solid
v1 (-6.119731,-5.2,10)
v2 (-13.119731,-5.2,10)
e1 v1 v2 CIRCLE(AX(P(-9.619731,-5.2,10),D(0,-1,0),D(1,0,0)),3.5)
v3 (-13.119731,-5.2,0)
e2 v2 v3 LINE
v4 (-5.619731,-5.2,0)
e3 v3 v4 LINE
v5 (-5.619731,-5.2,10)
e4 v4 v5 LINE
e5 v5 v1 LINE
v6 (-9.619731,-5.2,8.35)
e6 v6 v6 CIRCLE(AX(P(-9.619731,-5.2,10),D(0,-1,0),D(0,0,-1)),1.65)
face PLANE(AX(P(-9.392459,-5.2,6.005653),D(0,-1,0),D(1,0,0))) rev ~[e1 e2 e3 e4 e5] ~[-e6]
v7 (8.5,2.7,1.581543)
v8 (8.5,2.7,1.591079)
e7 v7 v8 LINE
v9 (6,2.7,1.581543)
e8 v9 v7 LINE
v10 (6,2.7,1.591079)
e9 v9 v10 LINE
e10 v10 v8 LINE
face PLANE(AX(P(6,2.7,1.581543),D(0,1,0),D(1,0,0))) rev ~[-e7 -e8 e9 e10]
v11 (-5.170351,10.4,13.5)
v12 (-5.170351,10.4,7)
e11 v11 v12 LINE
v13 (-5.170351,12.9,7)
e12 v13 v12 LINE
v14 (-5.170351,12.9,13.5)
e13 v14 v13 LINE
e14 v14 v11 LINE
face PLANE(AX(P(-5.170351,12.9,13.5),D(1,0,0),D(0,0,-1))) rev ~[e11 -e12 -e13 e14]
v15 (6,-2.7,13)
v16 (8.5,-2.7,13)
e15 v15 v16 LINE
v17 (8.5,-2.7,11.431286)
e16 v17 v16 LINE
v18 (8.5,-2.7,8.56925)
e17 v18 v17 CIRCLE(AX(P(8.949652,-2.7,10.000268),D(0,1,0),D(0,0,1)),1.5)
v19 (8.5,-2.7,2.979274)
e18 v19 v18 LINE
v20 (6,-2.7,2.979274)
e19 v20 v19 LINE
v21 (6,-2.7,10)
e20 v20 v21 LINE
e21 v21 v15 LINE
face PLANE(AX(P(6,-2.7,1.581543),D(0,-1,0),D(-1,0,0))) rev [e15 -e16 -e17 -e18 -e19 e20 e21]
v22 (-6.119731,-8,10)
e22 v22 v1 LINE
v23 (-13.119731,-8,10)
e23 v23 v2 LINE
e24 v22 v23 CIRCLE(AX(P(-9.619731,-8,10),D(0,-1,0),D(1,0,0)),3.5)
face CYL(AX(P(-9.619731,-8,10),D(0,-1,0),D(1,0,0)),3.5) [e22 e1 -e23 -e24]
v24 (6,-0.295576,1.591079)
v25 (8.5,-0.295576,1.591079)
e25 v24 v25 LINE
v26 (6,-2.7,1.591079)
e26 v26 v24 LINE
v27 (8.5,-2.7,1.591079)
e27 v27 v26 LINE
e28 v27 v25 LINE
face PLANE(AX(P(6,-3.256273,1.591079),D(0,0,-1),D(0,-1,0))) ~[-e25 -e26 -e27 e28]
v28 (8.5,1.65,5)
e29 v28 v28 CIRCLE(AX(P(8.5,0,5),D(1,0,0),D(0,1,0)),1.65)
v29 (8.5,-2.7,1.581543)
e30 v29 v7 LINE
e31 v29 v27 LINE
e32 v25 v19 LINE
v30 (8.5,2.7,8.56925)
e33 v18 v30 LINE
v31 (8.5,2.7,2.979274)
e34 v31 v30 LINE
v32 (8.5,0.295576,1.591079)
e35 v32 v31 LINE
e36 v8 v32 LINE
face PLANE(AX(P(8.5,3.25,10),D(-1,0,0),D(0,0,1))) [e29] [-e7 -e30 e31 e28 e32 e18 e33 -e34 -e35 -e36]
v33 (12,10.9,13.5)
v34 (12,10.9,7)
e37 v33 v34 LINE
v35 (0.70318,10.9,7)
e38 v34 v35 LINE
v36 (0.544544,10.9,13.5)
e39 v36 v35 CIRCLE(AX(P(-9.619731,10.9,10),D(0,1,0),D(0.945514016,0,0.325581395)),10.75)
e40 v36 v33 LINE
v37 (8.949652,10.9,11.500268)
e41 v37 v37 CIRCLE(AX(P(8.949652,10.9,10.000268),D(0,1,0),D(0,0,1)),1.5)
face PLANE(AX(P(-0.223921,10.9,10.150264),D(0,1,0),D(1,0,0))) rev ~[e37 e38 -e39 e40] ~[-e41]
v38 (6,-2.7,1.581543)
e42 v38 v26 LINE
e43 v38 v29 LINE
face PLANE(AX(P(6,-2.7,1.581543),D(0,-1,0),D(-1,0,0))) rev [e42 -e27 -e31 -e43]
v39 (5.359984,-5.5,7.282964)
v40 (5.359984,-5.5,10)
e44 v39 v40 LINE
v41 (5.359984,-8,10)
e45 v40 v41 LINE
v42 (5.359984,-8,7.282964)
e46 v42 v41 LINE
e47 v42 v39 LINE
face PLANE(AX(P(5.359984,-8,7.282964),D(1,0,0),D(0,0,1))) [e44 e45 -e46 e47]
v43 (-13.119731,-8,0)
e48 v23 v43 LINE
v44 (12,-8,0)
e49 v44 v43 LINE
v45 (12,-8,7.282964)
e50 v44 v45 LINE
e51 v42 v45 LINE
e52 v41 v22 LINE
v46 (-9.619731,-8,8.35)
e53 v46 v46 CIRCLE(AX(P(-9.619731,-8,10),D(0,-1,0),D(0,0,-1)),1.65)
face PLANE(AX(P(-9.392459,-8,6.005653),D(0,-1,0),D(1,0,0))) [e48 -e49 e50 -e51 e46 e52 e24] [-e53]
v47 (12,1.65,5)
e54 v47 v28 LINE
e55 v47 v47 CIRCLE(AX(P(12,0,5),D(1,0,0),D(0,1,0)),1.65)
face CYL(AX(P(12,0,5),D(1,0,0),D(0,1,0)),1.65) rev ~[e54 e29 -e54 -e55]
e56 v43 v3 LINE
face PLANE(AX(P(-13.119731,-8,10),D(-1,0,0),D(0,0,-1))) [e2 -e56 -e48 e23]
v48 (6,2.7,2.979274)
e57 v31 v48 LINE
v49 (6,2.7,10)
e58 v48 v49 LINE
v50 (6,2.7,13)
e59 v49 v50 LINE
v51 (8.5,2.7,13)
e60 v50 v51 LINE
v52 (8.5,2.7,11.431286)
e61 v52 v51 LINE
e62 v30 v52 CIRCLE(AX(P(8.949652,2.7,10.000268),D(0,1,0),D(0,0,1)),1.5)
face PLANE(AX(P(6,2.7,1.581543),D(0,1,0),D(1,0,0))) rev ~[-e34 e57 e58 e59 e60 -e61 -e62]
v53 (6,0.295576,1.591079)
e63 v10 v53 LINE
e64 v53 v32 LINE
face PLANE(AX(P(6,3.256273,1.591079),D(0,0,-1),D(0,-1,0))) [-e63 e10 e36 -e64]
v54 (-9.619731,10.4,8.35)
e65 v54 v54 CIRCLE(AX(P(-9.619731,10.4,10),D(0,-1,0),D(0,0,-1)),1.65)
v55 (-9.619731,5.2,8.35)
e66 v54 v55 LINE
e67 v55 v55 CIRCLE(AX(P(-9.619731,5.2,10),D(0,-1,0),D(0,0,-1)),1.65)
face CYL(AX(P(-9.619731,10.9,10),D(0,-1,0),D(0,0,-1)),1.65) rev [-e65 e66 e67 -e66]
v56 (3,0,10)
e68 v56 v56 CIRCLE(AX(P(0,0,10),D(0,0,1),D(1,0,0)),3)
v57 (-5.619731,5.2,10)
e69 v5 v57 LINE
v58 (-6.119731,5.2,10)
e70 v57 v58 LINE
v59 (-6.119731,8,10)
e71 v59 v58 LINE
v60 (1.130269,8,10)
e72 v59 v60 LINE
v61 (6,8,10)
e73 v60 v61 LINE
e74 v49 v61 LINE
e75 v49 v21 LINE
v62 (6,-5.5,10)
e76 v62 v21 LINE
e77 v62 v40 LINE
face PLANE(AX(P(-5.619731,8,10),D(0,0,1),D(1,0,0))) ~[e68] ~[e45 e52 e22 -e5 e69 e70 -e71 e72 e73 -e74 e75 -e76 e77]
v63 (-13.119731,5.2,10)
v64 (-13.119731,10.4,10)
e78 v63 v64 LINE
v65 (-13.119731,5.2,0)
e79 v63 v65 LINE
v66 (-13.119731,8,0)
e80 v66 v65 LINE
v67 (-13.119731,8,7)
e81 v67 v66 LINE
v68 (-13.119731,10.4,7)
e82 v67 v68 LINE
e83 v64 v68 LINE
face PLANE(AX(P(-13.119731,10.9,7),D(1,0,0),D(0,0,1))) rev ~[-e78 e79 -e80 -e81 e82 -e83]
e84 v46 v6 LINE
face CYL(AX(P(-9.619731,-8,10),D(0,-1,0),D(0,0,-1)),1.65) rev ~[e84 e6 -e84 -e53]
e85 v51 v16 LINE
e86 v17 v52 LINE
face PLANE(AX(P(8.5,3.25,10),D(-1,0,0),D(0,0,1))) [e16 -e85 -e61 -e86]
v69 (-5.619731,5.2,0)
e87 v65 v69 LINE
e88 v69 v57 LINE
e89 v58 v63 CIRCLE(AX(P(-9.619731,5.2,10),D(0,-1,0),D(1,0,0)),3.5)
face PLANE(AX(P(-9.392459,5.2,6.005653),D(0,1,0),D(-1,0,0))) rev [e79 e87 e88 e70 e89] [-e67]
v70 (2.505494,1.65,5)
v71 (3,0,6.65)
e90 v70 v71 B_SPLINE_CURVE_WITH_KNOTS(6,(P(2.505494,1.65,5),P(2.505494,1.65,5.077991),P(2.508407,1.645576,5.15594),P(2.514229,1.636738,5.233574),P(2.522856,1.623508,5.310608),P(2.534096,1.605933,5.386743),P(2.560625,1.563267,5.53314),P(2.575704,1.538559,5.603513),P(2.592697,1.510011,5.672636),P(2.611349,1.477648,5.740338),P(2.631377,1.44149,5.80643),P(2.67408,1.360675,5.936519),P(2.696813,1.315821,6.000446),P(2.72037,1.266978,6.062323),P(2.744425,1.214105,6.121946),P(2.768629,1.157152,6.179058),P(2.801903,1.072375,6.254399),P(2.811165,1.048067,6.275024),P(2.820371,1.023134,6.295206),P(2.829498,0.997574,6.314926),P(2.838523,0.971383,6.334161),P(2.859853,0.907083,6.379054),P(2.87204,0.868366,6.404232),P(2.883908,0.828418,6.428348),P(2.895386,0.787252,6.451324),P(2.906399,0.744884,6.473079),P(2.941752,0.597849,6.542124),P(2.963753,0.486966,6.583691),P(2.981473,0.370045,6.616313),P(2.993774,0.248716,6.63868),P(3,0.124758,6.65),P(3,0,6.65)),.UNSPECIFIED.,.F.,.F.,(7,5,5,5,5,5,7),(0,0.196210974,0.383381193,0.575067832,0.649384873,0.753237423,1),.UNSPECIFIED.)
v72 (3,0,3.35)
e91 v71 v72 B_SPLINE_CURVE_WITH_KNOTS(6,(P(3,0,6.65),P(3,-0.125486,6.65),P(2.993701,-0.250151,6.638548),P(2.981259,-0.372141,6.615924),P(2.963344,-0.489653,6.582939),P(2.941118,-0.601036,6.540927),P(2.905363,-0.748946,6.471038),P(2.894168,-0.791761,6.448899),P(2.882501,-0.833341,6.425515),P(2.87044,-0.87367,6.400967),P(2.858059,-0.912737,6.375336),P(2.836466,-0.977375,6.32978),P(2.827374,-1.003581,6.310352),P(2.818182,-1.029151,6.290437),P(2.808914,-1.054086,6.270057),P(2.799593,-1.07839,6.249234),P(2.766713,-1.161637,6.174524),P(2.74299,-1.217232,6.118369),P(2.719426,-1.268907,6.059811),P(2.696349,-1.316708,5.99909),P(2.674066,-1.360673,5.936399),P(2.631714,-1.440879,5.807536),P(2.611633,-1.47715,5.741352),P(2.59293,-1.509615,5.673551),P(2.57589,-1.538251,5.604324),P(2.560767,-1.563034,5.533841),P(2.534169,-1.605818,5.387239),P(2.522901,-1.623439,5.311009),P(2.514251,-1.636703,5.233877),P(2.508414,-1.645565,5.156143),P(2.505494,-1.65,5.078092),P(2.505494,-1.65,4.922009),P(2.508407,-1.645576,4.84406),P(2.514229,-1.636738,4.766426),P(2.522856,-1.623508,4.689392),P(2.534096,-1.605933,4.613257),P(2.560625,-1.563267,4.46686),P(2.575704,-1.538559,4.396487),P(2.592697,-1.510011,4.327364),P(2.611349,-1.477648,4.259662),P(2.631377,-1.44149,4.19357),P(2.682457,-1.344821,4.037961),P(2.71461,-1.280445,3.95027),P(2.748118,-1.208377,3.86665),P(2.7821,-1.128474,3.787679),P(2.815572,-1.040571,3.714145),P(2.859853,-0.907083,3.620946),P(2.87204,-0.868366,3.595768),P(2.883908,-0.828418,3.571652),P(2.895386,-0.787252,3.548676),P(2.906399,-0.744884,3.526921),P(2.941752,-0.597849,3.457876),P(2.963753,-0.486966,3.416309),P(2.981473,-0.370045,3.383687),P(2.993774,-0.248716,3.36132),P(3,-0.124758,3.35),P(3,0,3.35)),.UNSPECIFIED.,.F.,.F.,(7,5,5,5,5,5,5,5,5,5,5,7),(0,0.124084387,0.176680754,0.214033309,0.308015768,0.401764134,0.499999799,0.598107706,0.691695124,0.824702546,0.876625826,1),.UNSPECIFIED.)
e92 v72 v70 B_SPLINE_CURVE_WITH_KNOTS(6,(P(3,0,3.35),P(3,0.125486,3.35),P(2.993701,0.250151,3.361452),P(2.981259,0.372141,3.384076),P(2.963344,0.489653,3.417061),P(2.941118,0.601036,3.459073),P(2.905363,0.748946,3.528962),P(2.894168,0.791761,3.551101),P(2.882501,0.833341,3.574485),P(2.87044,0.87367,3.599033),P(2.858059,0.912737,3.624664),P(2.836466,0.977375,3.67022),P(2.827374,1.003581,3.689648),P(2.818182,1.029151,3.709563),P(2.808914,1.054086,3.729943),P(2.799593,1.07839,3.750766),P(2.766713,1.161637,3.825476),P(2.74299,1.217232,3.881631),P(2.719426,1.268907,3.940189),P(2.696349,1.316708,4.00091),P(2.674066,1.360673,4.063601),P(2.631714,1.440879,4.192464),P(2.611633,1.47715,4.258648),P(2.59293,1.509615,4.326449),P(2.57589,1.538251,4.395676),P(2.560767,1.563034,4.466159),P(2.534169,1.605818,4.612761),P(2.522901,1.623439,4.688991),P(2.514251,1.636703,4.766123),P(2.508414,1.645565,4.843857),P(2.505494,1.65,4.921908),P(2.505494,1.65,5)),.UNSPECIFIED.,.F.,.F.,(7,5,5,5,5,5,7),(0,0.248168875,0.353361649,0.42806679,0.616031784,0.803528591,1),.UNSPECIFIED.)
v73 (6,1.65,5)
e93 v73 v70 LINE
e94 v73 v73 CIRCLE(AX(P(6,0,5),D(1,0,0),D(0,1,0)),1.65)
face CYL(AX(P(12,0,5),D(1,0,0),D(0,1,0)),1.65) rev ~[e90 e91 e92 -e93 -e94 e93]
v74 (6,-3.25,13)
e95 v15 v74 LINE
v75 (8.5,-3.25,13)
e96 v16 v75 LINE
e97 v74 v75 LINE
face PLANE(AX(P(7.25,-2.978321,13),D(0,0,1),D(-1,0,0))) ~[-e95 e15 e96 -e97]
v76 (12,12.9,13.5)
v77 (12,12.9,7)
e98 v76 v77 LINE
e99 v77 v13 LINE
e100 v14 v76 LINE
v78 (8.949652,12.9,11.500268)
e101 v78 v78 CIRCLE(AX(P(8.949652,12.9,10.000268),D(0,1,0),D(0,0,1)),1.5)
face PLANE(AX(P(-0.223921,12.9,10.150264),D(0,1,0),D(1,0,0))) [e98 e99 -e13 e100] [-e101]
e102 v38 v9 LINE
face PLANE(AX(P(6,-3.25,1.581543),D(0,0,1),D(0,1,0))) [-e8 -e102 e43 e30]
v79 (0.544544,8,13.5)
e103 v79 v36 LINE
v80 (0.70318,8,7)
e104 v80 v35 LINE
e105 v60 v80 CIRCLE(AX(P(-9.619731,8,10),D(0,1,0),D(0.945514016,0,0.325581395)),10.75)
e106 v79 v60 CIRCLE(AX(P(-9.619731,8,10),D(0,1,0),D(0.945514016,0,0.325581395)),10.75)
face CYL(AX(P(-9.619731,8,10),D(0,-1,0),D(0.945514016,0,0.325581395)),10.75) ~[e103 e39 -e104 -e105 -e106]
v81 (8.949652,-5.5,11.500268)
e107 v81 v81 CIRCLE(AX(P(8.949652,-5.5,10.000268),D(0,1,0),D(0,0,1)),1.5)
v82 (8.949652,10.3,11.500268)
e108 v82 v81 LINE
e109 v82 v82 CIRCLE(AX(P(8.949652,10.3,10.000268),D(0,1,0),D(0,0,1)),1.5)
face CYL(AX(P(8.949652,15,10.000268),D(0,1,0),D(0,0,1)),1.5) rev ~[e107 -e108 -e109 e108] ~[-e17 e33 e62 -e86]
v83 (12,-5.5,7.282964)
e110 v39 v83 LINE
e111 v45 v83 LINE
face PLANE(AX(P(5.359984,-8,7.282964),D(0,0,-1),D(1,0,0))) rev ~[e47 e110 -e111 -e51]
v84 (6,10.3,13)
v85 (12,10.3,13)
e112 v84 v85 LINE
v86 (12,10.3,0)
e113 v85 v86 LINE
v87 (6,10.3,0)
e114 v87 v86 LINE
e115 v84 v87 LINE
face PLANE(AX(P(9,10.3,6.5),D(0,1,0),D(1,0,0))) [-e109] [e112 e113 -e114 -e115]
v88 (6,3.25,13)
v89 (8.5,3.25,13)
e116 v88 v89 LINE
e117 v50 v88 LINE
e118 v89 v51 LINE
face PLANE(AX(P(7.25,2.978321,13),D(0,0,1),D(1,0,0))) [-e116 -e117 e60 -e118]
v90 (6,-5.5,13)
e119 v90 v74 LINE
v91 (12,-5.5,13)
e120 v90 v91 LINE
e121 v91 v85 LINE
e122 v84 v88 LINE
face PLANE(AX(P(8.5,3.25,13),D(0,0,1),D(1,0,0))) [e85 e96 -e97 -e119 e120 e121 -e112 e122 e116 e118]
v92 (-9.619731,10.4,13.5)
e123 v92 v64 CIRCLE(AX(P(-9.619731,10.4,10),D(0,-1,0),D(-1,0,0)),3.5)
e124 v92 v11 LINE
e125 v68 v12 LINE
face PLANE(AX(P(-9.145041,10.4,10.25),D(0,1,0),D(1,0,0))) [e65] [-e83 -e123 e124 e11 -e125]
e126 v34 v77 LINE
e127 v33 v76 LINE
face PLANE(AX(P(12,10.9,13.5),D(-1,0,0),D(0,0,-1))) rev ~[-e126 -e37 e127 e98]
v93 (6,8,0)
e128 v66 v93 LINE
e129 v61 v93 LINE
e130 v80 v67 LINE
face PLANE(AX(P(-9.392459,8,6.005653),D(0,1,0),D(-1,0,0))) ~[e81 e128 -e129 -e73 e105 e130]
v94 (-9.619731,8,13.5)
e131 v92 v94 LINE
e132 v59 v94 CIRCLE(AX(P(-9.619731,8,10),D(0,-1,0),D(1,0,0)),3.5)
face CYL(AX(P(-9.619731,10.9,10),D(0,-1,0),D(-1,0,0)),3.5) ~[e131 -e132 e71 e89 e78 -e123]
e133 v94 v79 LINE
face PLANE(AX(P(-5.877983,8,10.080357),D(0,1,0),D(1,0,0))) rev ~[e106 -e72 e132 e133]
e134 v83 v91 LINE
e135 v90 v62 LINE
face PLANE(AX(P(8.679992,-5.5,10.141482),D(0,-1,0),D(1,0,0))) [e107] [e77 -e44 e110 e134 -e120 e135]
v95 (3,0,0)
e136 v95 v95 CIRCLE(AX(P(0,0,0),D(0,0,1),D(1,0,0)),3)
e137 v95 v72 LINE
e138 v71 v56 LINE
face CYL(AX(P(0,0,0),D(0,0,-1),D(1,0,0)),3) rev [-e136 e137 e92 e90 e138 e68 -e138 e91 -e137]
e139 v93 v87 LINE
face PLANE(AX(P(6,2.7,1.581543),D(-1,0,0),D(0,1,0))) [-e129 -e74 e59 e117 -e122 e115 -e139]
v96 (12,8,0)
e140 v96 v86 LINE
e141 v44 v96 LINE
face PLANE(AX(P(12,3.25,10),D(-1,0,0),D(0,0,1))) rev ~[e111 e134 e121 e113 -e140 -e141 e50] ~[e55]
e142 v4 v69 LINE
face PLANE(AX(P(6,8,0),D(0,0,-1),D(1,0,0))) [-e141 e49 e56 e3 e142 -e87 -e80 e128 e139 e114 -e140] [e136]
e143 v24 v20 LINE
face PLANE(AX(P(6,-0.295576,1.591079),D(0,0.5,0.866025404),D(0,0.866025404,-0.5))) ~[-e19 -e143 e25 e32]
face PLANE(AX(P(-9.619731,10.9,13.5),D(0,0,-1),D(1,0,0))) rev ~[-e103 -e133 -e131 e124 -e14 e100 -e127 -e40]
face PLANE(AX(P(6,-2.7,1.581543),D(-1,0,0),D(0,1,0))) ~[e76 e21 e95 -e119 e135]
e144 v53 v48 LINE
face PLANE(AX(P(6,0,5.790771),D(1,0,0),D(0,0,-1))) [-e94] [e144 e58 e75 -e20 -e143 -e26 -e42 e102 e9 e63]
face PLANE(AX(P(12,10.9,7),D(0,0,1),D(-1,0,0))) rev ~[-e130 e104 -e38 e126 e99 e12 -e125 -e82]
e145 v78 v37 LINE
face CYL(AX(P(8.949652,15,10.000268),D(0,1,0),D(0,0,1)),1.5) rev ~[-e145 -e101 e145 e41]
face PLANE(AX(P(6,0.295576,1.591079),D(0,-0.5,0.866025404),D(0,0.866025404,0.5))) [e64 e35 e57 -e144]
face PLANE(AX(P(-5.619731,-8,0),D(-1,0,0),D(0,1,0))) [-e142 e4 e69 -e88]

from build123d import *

# Parameters (mm, degrees)
SZKIC2_W                     = 17.619731325
SZKIC2_H                     = 16
SZKIC2_R                     = 3
DODANIE_WYCI_GNI_CIE1_DEPTH  = 10
SZKIC3_R                     = 1.65
WYTNIJ_WYCI_GNI_CIE1_DEPTH   = 10
WYTNIJ_WYCI_GNI_CIE2_DEPTH   = 2.5
DODANIE_WYCI_GNI_CIE2_DEPTH  = 2.5
SZKIC7_R                     = 1.65
DODANIE_WYCI_GNI_CIE4_DEPTH  = 2.8
SZKIC10_R                    = 1.65
DODANIE_WYCI_GNI_CIE5_DEPTH  = 2.9
SZKIC11_R                    = 1.65
DODANIE_WYCI_GNI_CIE6_DEPTH  = 2
SZKIC12_W                    = 6
SZKIC12_H                    = 13
DODANIE_WYCI_GNI_CIE7_DEPTH  = 2.3
SZKIC16_W                    = 6
SZKIC16_H                    = 3
DODANIE_WYCI_GNI_CIE12_DEPTH = 4.75
SZKIC17_W                    = 3.5
SZKIC17_H                    = 3
DODANIE_WYCI_GNI_CIE13_DEPTH = 6.5
SZKIC18_W                    = 6
SZKIC18_H                    = 3.354251662
DODANIE_WYCI_GNI_CIE14_DEPTH = 4.75
WYTNIJ_WYCI_GNI_CIE3_REACH   = 30.128
SZKIC19_R                    = 1.181229449
SZKIC21_W                    = 2.5
SZKIC21_H                    = 0.556642191
DODANIE_WYCI_GNI_CIE15_DEPTH = 11.418457
WYTNIJ_WYCI_GNI_CIE4_START   = -18.3
SZKIC22_R                    = 1.181229449
WYTNIJ_WYCI_GNI_CIE4_DEPTH   = 18.3
SZKIC34_W                    = 7.949380073
SZKIC34_H                    = 6.5
WYTNIJ_WYCI_GNI_CIE5_DEPTH   = 2.5
SZKIC35_W                    = 6.6400164
SZKIC35_H                    = 5.717036495
WYTNIJ_WYCI_GNI_CIE6_DEPTH   = 2.5
SZKIC36_R                    = 1.5
WYTNIJ_WYCI_GNI_CIE7_DEPTH   = 21


with BuildPart() as part:
    # Szkic2 → Dodanie-wyciągnięcie1 (new body)
    with BuildSketch(Plane.XY):
        with Locations((3.190134337, 0)):
            Rectangle(SZKIC2_W, SZKIC2_H)
        Circle(SZKIC2_R, mode=Mode.SUBTRACT)
    extrude(amount=DODANIE_WYCI_GNI_CIE1_DEPTH)

    # Szkic3 → Wytnij-wyciągnięcie1 (cut)
    with BuildSketch(Plane(origin=(12, 0, 0), x_dir=(0, 0, -1), z_dir=(1, 0, 0))):
        with Locations(Location((-5, 0, 0), (0, 0, 90))):
            Circle(SZKIC3_R)
    extrude(amount=-WYTNIJ_WYCI_GNI_CIE1_DEPTH, mode=Mode.SUBTRACT)

    # Szkic5 → Wytnij-wyciągnięcie2 (cut)
    with BuildSketch(Plane(origin=(6, 0, 0), x_dir=(0, 0, -1), z_dir=(1, 0, 0))):
        Polygon((-8.418457275, 3.25), (-10, 3.25), (-10, -3.25), (-8.418457275, -3.25), (-1.581542725, -3.25), (-1.581542725, 3.25), align=None)
    extrude(amount=WYTNIJ_WYCI_GNI_CIE2_DEPTH, mode=Mode.SUBTRACT)

    # Szkic6 → Dodanie-wyciągnięcie2 (add)
    with BuildSketch(Plane(origin=(6, 0, 0), x_dir=(0, 0, -1), z_dir=(1, 0, 0))):
        Polygon((-1.591079408, 3.256272654), (-1.591079408, 0.295576336), (-3.210214166, 3.1), (-3.210214166, 3.256272654), align=None)
    dodanie_wyci_gni_cie2 = extrude(amount=DODANIE_WYCI_GNI_CIE2_DEPTH)

    # Lustro1: Dodanie-wyciągnięcie2 across plane
    add(dodanie_wyci_gni_cie2.mirror(Plane.ZX))

    # Szkic7 → Dodanie-wyciągnięcie4 (add)
    with BuildSketch(Plane.XZ.offset(8)):
        with BuildLine():
            Line((-13.119731325, 10), (-13.119731325, 0))
            Line((-13.119731325, 0), (-5.619731325, 0))
            Line((-5.619731325, 0), (-5.619731325, 10))
            Line((-5.619731325, 10), (-6.119731325, 10))
            ThreePointArc((-6.119731325, 10), (-9.619731325, 13.5), (-13.119731325, 10))
        make_face()
        with Locations(Location((-9.619731325, 10, 0), (0, 0, 270))):
            Circle(SZKIC7_R, mode=Mode.SUBTRACT)
    dodanie_wyci_gni_cie4 = extrude(amount=-DODANIE_WYCI_GNI_CIE4_DEPTH)

    # Lustro2: Dodanie-wyciągnięcie4 across plane
    add(dodanie_wyci_gni_cie4.mirror(Plane.ZX))

    # Szkic10 → Dodanie-wyciągnięcie5 (add)
    with BuildSketch(Plane(origin=(0, 8, 0), x_dir=(1, 0, 0), z_dir=(0, 1, 0))):
        with BuildLine():
            Line((-6.119731325, -13.5), (0.54454435, -13.5))
            ThreePointArc((0.54454435, -13.5), (1.127068602, -10.262281002), (0.703180086, -7))
            Line((0.703180086, -7), (-6.119731325, -7))
            Line((-6.119731325, -7), (-13.119731325, -7))
            Line((-13.119731325, -7), (-13.119731325, -10))
            ThreePointArc((-13.119731325, -10), (-12.094605059, -12.474873734), (-9.619731325, -13.5))
            Line((-9.619731325, -13.5), (-6.119731325, -13.5))
        make_face()
        with Locations(Location((-9.619731325, -10, 0), (0, 0, 90))):
            Circle(SZKIC10_R, mode=Mode.SUBTRACT)
    extrude(amount=DODANIE_WYCI_GNI_CIE5_DEPTH)

    # Szkic11 → Dodanie-wyciągnięcie6 (add)
    with BuildSketch(Plane(origin=(0, 10.9, 0), x_dir=(1, 0, 0), z_dir=(0, 1, 0))):
        with BuildLine():
            Line((12, -7), (-13.119731325, -7))
            Line((-13.119731325, -7), (-13.119731325, -10))
            ThreePointArc((-13.119731325, -10), (-12.094605059, -12.474873734), (-9.619731325, -13.5))
            Line((-9.619731325, -13.5), (12, -13.5))
            Line((12, -13.5), (12, -7))
        make_face()
        with Locations(Location((-9.619731325, -10, 0), (0, 0, 90))):
            Circle(SZKIC11_R, mode=Mode.SUBTRACT)
    extrude(amount=DODANIE_WYCI_GNI_CIE6_DEPTH)

    # Szkic12 → Dodanie-wyciągnięcie7 (add)
    with BuildSketch(Plane(origin=(0, 8, 0), x_dir=(1, 0, 0), z_dir=(0, 1, 0))):
        with Locations((9, -6.5)):
            Rectangle(SZKIC12_W, SZKIC12_H)
    extrude(amount=DODANIE_WYCI_GNI_CIE7_DEPTH)

    # Szkic16 → Dodanie-wyciągnięcie12 (add)
    with BuildSketch(Plane.XZ.offset(-8)):
        with Locations((9, 11.5)):
            Rectangle(SZKIC16_W, SZKIC16_H)
    extrude(amount=DODANIE_WYCI_GNI_CIE12_DEPTH)

    # Szkic17 → Dodanie-wyciągnięcie13 (add)
    with BuildSketch(Plane.XZ.offset(-3.25)):
        with Locations((10.25, 11.5)):
            Rectangle(SZKIC17_W, SZKIC17_H)
    extrude(amount=DODANIE_WYCI_GNI_CIE13_DEPTH)

    # Szkic18 → Dodanie-wyciągnięcie14 (add)
    with BuildSketch(Plane.XZ.offset(3.25)):
        with Locations((9, 11.322874169)):
            Rectangle(SZKIC18_W, SZKIC18_H)
    extrude(amount=DODANIE_WYCI_GNI_CIE14_DEPTH)

    # Wytnij-wyciągnięcie3: up to this face of the body (flat: up to its plane)
    wytnij_wyci_gni_cie3_end = Plane(part.part.faces().sort_by_distance((-0.291063064, -8, 5.711108324))[0])
    # Szkic19 → Wytnij-wyciągnięcie3 (cut, up to the picked face)
    with BuildSketch(Plane(origin=(0, 12.9, 0), x_dir=(1, 0, 0), z_dir=(0, 1, 0)), mode=Mode.PRIVATE) as wytnij_wyci_gni_cie3_sk1:
        with Locations(Location((9, -10, 0), (0, 0, 270))):
            Circle(SZKIC19_R)
    wytnij_wyci_gni_cie3_tool1 = split(extrude(wytnij_wyci_gni_cie3_sk1.sketch, amount=-WYTNIJ_WYCI_GNI_CIE3_REACH, mode=Mode.PRIVATE), bisect_by=wytnij_wyci_gni_cie3_end, keep=Keep.BOTH, mode=Mode.PRIVATE)
    add(wytnij_wyci_gni_cie3_tool1.solids().sort_by(Axis((9, 12.9, 10), (0, -1, 0)))[0], mode=Mode.SUBTRACT)

    # Szkic21 → Dodanie-wyciągnięcie15 (add)
    with BuildSketch(Plane.XY.offset(1.581542725)):
        with Locations((7.25, 2.978321096)):
            Rectangle(SZKIC21_W, SZKIC21_H)
    dodanie_wyci_gni_cie15 = extrude(amount=DODANIE_WYCI_GNI_CIE15_DEPTH)

    # Lustro3: Dodanie-wyciągnięcie15 across plane
    add(dodanie_wyci_gni_cie15.mirror(Plane.ZX))

    # Szkic22 → Wytnij-wyciągnięcie4 (cut)
    with BuildSketch(Plane.XZ.offset(8).offset(WYTNIJ_WYCI_GNI_CIE4_START)):
        with Locations(Location((9, 10, 0), (0, 0, 90))):
            Circle(SZKIC22_R)
    extrude(amount=WYTNIJ_WYCI_GNI_CIE4_DEPTH, mode=Mode.SUBTRACT)

    # Szkic34 → Wytnij-wyciągnięcie5 (cut)
    with BuildSketch(Plane(origin=(0, 12.9, 0), x_dir=(1, 0, 0), z_dir=(0, 1, 0))):
        with Locations((-9.145041288, -10.25)):
            Rectangle(SZKIC34_W, SZKIC34_H)
    extrude(amount=-WYTNIJ_WYCI_GNI_CIE5_DEPTH, mode=Mode.SUBTRACT)

    # Szkic35 → Wytnij-wyciągnięcie6 (cut)
    with BuildSketch(Plane.XZ.offset(8)):
        with Locations((8.6799918, 10.141481753)):
            Rectangle(SZKIC35_W, SZKIC35_H)
    extrude(amount=-WYTNIJ_WYCI_GNI_CIE6_DEPTH, mode=Mode.SUBTRACT)

    # Szkic36 → Wytnij-wyciągnięcie7 (cut)
    with BuildSketch(Plane(origin=(0, 15, 0), x_dir=(1, 0, 0), z_dir=(0, 1, 0))):
        with Locations(Location((8.94965168, -10.000267868, 0), (0, 0, 270))):
            Circle(SZKIC36_R)
    extrude(amount=-WYTNIJ_WYCI_GNI_CIE7_DEPTH, mode=Mode.SUBTRACT)


solid = part.part
